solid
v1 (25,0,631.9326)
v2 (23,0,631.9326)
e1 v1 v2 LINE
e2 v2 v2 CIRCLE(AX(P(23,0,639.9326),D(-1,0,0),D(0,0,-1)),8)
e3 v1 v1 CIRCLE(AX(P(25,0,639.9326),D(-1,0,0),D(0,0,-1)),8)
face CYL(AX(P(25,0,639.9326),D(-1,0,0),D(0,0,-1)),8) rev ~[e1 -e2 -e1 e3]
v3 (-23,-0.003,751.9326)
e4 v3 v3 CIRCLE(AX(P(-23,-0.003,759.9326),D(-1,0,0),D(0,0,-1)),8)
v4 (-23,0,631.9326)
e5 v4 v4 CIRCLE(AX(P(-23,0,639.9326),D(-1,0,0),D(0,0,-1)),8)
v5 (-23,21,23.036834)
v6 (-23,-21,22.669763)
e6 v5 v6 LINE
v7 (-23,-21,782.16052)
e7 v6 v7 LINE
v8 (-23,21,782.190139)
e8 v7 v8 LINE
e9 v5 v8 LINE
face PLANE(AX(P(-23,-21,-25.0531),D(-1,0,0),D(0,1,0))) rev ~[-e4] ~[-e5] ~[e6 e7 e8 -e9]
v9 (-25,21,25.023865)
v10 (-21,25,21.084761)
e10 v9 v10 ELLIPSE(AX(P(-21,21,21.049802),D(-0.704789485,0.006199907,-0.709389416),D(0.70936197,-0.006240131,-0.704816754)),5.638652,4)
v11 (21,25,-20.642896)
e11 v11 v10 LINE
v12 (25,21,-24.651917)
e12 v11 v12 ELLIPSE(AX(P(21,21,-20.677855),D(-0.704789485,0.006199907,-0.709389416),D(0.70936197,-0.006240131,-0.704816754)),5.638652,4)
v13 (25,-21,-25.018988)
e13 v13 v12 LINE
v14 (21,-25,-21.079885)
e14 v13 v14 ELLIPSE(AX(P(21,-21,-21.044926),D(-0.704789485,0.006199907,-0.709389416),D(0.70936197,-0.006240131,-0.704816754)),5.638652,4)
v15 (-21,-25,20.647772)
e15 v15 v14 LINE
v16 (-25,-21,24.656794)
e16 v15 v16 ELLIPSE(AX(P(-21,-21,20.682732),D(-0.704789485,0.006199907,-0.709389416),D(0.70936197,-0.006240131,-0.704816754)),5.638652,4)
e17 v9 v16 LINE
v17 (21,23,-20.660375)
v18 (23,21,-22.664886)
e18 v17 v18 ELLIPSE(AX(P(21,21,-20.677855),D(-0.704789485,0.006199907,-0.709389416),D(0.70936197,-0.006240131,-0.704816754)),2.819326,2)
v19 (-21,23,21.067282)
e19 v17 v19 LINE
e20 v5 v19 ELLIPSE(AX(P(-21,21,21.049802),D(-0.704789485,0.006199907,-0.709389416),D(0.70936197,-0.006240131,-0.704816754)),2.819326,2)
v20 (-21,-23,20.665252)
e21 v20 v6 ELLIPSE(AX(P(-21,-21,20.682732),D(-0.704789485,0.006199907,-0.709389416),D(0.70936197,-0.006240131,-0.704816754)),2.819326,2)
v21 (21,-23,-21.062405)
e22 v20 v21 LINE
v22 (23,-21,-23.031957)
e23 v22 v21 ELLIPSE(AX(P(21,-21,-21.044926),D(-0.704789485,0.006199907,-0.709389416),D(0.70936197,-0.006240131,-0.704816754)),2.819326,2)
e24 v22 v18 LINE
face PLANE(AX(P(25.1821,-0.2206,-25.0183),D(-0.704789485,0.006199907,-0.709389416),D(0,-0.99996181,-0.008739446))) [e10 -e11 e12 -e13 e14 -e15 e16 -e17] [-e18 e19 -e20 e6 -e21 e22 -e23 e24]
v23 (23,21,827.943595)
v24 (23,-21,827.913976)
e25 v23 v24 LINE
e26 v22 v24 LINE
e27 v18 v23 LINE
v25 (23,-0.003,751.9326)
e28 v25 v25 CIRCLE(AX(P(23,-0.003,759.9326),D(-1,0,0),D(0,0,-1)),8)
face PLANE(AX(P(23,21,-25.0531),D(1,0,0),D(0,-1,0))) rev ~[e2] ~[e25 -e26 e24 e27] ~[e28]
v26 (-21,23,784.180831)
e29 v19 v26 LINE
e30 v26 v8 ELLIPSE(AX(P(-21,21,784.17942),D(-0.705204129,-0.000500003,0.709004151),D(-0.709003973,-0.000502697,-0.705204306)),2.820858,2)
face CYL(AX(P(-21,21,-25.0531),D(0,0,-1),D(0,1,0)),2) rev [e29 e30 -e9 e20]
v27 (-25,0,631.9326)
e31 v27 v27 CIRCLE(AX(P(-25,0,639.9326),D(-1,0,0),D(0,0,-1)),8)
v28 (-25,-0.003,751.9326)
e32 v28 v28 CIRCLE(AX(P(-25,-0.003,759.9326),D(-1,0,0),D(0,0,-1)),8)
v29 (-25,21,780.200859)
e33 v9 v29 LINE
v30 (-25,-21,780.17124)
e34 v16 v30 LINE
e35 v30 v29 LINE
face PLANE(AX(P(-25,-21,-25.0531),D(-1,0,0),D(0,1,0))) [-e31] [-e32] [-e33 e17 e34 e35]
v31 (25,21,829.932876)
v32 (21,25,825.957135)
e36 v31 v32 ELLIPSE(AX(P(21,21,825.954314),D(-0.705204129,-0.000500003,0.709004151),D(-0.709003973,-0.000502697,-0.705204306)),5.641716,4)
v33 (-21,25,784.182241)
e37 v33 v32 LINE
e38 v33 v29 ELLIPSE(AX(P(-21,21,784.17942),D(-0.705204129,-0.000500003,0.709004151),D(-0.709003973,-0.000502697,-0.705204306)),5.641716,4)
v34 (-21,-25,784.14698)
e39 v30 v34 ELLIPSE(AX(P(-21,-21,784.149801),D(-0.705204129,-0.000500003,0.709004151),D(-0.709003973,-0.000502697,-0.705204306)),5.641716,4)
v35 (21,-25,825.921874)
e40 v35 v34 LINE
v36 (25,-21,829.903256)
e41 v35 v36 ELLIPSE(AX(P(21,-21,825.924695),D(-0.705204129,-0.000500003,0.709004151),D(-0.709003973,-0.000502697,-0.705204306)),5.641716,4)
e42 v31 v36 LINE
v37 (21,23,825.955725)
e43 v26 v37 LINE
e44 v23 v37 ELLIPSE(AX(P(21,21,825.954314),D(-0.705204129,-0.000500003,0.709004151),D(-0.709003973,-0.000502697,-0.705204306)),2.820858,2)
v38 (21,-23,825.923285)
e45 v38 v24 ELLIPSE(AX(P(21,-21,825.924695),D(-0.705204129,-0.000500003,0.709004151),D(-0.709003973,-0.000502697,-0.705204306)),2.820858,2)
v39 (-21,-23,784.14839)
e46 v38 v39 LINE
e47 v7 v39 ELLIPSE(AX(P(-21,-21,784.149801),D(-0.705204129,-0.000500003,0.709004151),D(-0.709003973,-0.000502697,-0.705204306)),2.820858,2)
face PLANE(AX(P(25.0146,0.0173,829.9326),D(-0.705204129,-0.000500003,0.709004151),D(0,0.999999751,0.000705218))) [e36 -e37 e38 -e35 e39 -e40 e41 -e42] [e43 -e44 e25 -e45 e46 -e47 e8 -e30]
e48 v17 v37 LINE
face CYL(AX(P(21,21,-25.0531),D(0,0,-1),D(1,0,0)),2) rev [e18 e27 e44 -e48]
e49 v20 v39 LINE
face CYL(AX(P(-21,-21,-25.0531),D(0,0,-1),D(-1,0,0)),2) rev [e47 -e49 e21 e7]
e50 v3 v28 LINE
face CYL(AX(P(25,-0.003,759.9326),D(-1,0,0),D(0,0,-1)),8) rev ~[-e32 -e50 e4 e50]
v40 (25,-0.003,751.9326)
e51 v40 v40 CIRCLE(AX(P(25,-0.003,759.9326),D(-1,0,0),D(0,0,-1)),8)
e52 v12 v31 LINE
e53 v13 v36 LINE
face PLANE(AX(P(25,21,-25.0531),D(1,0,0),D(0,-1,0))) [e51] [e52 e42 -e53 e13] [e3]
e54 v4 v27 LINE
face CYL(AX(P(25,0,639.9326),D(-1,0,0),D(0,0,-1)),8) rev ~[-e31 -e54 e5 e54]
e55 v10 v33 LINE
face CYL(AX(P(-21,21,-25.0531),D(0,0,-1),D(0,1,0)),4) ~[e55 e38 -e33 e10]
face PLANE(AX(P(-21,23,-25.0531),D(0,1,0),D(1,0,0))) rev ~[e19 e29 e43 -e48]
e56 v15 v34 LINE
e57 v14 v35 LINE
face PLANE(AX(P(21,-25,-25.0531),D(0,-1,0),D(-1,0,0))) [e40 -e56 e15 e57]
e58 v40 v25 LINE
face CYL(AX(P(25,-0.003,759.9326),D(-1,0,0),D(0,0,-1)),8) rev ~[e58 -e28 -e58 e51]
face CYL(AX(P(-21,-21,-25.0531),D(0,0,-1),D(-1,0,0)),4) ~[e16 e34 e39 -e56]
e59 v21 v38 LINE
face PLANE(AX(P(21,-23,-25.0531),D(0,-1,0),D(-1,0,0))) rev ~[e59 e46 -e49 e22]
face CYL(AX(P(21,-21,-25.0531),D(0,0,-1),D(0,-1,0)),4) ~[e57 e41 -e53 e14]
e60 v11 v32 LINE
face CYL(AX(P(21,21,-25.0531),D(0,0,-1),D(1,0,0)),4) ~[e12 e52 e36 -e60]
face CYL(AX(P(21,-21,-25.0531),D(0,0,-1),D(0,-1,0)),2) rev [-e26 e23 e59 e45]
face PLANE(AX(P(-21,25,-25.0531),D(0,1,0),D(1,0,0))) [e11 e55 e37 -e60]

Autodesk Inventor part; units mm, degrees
ref_plane "Start Plane" through (0, 0, -25.0531) normal (0, 0, 1) x (1, 0, 0)
ref_plane "End Plane" through (0, 0, 829.9354) normal (0, 0, 1) x (1, 0, 0)
sketch "Sketch" plane through (0, 0, 0) normal (0, 0, 1) x (1, 0, 0)
  line L0 (-25, -21) -> (-25, 21)
  line L1 (-21, 25) -> (21, 25)
  line L2 (25, 21) -> (25, -21)
  line L3 (21, -25) -> (-21, -25)
  arc A0 (-25, -21) -> (-21, -25) centre (-21, -21) ccw
  arc A1 (25, 21) -> (21, 25) centre (21, 21) ccw
  arc A2 (-21, 25) -> (-25, 21) centre (-21, 21) ccw
  arc A3 (21, -25) -> (25, -21) centre (21, -21) ccw
  arc A4 (-21, 23) -> (-23, 21) centre (-21, 21) ccw
  line L4 (-21, 23) -> (21, 23)
  arc A5 (23, 21) -> (21, 23) centre (21, 21) ccw
  line L5 (23, 21) -> (23, -21)
  arc A6 (21, -23) -> (23, -21) centre (21, -21) ccw
  line L6 (21, -23) -> (-21, -23)
  arc A7 (-23, -21) -> (-21, -23) centre (-21, -21) ccw
  line L7 (-23, -21) -> (-23, 21)
  line L8 (0, 36.1598) -> (0, -36.1598) construction
  line L9 (-36.1598, 0) -> (36.1598, 0) construction
  dimension "d7" = 4
  dimension "d9" = 50
  dimension "d11" = 50
  dimension "d12" = 2
  dimension "d15" = 25
  dimension "d16" = 25
extrude "Body" add sketch "Sketch" along normal up to surface (854.9885 mm away) from surface at -25.0531
sketch "Sketch3" plane through (0, 0, 0) normal (0, 0, 1) x (1, 0, 0)
  line L0 (0, 0) -> (10, 0)
ref_plane "Work Plane3" through (0, 0, 0) normal (0, -1, 0) x (1, 0, 0)
sketch "Sketch4" plane through (0, 0, 0) normal (0, -1, 0) x (1, 0, 0)
  line L0 (-2, -25.0531) -> (12, -25.0531)
  line L1 (-2, 829.9354) -> (12, 829.9354)
  dimension "d18" = 854.9885
ref_plane "Work Plane4" through (25.0146, 0.0173, 829.9326) normal (-0.7052, -0.0005, 0.709) x (0.709, -0.0002, 0.7052)
split "Split1" plane through (25.0146, 0.0173, 829.9326) removes the side toward (-0.7052, -0.0005, 0.709)
ref_plane "Work Plane5" through (25.1821, -0.2206, -25.0183) normal (-0.7048, 0.0062, -0.7094) x (-0.7093, 0.015, 0.7048)
split "Split2" plane through (25.1821, -0.2206, -25.0183) removes the side toward (-0.7048, 0.0062, -0.7094)
sketch "Sketch5" plane through (25, -21, 829.9036) normal (1, 0, 0) x (0, 0, -1)
  line L0 (-0.029, 42) -> (0, 0) projected
  line L1 (-0.0145, 21) -> (189.971, 21)
  line L2 (1.9604, 42) -> (852.5696, 42) projected
  line L3 (69.971, 42) -> (69.971, -0.006)
  line L4 (806.8722, 42) -> (47.7162, 42) projected
  line L5 (189.971, 42) -> (189.971, -0.0802)
  point P0 (829.9036, 21)
  point P1 (69.971, 20.997)
  dimension "d19" = 70
  dimension "d20" = 120
hole "Hole1" at (25, 0, 639.9326) at (25, -0.003, 759.9326) direction (-1, 0, 0) diameter 16 depth 50
equation "\"d7\" = G_IR"
equation "\"d9\" = G_W"
equation "\"d11\" = G_H"
equation "\"d12\" = G_T"
equation "\"d15\" = 0.5 * d9"
equation "\"d16\" = 0.5 * d11"
equation "\"d3\" = G_L"
equation "\"G_W\" = 50"
equation "\"G_H\" = 50"
equation "\"G_T\" = 2"
equation "\"G_IR\" = 4"
equation "\"G_L\" = d18"
equation "\"G_OFFSET_START\" = 25.05309"
equation "\"G_OFFSET_END\" = 24.88452"
equation "\"d13\" = -G_OFFSET_START"
equation "\"d14\" = G_OFFSET_END + B_L"
equation "\"B_L\" = 805.05086"
properties part number "ISO 10799-2 - 50x50x2 - 854.99"
